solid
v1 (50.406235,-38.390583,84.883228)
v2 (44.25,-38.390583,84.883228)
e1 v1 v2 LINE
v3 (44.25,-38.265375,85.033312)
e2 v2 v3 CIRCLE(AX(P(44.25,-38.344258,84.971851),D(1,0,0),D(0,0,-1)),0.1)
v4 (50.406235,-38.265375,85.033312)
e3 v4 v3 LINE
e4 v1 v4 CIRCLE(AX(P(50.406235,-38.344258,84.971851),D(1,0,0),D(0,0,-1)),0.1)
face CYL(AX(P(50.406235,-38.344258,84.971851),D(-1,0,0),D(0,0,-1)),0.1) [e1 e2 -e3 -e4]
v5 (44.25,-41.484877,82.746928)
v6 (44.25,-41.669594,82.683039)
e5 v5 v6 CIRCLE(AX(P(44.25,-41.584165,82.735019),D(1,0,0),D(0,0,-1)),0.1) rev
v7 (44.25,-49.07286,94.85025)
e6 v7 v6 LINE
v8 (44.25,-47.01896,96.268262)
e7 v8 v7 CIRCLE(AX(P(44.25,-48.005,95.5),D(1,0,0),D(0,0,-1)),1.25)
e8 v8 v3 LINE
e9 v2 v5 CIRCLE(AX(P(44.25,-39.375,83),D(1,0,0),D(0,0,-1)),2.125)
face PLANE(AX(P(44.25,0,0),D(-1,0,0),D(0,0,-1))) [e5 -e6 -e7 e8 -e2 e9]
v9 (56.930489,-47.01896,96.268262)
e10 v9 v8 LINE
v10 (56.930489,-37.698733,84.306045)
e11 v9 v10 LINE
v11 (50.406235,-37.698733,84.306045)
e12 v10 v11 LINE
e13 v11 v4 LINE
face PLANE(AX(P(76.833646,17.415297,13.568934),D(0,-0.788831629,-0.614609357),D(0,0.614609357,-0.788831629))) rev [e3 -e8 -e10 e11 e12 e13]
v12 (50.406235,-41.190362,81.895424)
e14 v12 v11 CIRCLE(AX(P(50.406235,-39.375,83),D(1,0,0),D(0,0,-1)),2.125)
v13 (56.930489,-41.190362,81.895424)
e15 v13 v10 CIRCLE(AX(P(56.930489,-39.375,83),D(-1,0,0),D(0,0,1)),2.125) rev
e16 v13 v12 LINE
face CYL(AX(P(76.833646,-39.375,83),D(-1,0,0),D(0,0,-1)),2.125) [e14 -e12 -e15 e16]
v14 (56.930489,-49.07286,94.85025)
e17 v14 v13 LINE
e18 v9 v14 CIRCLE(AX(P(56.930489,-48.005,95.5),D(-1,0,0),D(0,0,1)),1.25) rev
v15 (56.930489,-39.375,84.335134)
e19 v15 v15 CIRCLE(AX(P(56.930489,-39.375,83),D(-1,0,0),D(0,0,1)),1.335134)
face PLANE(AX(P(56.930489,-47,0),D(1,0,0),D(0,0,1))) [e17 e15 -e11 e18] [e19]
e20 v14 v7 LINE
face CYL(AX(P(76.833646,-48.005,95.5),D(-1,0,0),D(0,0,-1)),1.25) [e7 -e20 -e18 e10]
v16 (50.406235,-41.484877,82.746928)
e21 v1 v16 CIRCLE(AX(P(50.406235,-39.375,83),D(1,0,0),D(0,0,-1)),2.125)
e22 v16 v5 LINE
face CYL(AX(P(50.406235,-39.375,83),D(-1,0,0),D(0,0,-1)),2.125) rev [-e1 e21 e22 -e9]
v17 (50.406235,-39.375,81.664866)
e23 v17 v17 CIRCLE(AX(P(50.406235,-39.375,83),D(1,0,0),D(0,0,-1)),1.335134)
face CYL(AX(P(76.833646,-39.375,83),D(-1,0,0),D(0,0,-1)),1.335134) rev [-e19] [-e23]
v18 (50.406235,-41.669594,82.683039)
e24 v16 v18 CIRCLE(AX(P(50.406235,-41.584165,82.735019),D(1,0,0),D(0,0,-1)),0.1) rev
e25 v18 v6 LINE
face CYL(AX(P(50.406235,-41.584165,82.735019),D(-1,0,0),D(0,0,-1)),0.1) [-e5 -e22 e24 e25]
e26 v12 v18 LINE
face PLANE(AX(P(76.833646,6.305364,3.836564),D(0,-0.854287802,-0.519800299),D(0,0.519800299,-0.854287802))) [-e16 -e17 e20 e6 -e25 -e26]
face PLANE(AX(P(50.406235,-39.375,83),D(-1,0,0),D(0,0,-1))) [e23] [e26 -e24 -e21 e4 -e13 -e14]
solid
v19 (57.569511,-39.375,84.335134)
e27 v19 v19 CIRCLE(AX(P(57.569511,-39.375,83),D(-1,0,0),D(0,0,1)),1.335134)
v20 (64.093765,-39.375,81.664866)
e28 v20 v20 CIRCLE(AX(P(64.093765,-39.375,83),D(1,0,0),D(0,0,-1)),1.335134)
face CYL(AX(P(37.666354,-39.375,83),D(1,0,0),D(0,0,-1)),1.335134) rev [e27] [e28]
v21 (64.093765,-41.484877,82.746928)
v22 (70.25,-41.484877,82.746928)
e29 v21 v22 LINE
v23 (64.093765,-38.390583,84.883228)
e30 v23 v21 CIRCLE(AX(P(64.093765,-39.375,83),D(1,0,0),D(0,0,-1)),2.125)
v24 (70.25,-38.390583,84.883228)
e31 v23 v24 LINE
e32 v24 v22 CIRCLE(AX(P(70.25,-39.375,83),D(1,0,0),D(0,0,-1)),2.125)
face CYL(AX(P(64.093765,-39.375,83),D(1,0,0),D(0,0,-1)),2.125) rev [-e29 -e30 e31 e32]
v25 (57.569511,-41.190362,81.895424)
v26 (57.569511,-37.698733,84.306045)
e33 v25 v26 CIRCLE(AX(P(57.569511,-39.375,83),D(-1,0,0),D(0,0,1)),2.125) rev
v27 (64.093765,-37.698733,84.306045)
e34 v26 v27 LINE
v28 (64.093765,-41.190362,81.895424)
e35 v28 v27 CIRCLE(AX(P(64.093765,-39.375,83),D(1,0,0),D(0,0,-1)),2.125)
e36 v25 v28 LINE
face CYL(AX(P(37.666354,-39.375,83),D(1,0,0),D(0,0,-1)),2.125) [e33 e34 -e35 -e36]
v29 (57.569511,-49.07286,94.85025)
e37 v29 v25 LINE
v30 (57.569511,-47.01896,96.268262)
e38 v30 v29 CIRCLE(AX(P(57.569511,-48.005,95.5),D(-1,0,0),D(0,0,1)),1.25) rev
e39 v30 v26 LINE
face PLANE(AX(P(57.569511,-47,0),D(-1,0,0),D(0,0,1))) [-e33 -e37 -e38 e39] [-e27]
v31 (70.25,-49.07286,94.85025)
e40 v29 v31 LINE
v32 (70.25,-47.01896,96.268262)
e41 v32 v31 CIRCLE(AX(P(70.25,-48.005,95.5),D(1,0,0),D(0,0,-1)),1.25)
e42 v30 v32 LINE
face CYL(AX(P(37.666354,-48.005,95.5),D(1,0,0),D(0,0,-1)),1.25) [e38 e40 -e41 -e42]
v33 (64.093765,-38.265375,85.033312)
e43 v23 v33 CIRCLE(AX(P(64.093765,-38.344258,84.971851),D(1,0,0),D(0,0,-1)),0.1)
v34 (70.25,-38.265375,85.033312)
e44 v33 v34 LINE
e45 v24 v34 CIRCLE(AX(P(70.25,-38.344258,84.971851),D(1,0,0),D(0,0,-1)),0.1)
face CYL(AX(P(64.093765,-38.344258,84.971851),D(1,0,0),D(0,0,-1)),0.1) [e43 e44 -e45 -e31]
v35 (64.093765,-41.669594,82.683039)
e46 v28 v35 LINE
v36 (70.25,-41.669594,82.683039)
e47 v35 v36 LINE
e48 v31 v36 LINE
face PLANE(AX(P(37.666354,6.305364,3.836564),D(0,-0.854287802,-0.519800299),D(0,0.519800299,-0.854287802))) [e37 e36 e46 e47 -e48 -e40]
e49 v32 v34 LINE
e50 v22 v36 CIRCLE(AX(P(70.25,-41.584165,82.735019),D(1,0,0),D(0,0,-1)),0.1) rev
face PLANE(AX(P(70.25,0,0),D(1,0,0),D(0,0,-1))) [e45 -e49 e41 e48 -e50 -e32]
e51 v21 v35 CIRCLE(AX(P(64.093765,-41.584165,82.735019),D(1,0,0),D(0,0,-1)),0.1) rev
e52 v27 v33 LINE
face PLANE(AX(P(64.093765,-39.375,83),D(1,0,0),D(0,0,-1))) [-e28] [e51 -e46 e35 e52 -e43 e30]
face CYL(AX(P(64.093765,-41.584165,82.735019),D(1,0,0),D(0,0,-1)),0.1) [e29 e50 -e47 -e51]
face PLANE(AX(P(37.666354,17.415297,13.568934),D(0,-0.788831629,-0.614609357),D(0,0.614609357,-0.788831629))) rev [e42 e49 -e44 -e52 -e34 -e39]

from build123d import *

# Parameters (mm, degrees)
SKETCH_1_R               = 1.335133797
SKETCH_1_R_2             = 1.25
EXTRUDE_1_DEPTH          = 12.680489019
SKETCH_2_R               = 2.125
SKETCH_2_R_2             = 1.335133797
CUT_EXTRUDE_1_DEPTH      = 6.156235
CUT_EXTRUDE_5_DEPTH      = 110.304219163
CUT_EXTRUDE_5_DEPTH_BACK = 6.156235


with BuildPart() as part:
    # 草图1 → 凸台-拉伸1 (new body)
    # profile 1 of 4: a face of its own
    with BuildSketch(Plane(origin=(70.25, 0, 0), x_dir=(0, 0, -1), z_dir=(1, 0, 0))):
        with BuildLine():
            ThreePointArc((-83.320828703, -41.475641317), (-82.582973687, -41.458678011), (-81.895424365, -41.19036158))
            ThreePointArc((-81.895424365, -41.19036158), (-81.147589648, -40.416249676), (-80.875, -39.375))
            ThreePointArc((-80.875, -39.375), (-81.49739809, -37.87239809), (-83, -37.25))
            ThreePointArc((-83, -37.25), (-83.690491555, -37.365311862), (-84.306044883, -37.698732789))
            ThreePointArc((-84.306044883, -37.698732789), (-85.056195254, -39.911363753), (-83.320828703, -41.475641317))
        make_face()
        with Locations((-83, -39.375)):
            Circle(SKETCH_1_R, mode=Mode.SUBTRACT)
    # profile 2 of 4: a face of its own
    with BuildSketch(Plane(origin=(70.25, 0, 0), x_dir=(0, 0, -1), z_dir=(1, 0, 0))):
        with BuildLine():
            ThreePointArc((-94.25, -48.005), (-94.410346852, -48.617499809), (-94.850249627, -49.072859753))
            Line((-94.850249627, -49.072859753), (-82.556206377, -41.592421268))
            Line((-82.556206377, -41.592421268), (-83.320828703, -41.475641317))
            ThreePointArc((-83.320828703, -41.475641317), (-85.056195254, -39.911363753), (-84.306044883, -37.698732789))
            Line((-84.306044883, -37.698732789), (-96.268261696, -47.018960464))
            ThreePointArc((-96.268261696, -47.018960464), (-94.951286559, -46.881873311), (-94.25, -48.005))
        make_face()
    # profile 3 of 4: a face of its own
    with BuildSketch(Plane(origin=(70.25, 0, 0), x_dir=(0, 0, -1), z_dir=(1, 0, 0))):
        with Locations((-95.5, -48.005)):
            Circle(SKETCH_1_R_2)
    # profile 4 of 4: a face of its own
    with BuildSketch(Plane(origin=(70.25, 0, 0), x_dir=(0, 0, -1), z_dir=(1, 0, 0))):
        with BuildLine():
            Line((-83.320828703, -41.475641317), (-82.556206377, -41.592421268))
            Line((-82.556206377, -41.592421268), (-81.895424365, -41.19036158))
            ThreePointArc((-81.895424365, -41.19036158), (-82.582973687, -41.458678011), (-83.320828703, -41.475641317))
        make_face()
    extrude(amount=-EXTRUDE_1_DEPTH)

    # 草图2 → 切除-拉伸1 (cut)
    with BuildSketch(Plane(origin=(70.25, 0, 0), x_dir=(0, 0, -1), z_dir=(1, 0, 0))):
        with Locations((-83, -39.375)):
            Circle(SKETCH_2_R)
        with Locations((-83, -39.375)):
            Circle(SKETCH_2_R_2, mode=Mode.SUBTRACT)
    extrude(amount=-CUT_EXTRUDE_1_DEPTH, mode=Mode.SUBTRACT)

    # 草图3 → 切除-拉伸5 (cut, two sides: drawn at the far end of the back side and taken through both)
    with BuildSketch(Plane(origin=(70.25, 0, 0), x_dir=(0, 0, -1), z_dir=(1, 0, 0)).offset(-CUT_EXTRUDE_5_DEPTH_BACK)):
        with BuildLine():
            Line((-84.067543243, -37.446744777), (-85.737782144, -37.446744777))
            Line((-85.737782144, -37.446744777), (-85.737782144, -38.573168545))
            Line((-85.737782144, -38.573168545), (-85.428355461, -38.573168545))
            Line((-85.428355461, -38.573168545), (-85.03331171, -38.265374617))
            Line((-85.03331171, -38.265374617), (-84.306044883, -37.698732789))
            ThreePointArc((-84.306044883, -37.698732789), (-84.631726105, -38.013715709), (-84.883228268, -38.390583273))
            ThreePointArc((-84.883228268, -38.390583273), (-84.927734779, -38.480872703), (-84.967915475, -38.573168545))
            Line((-84.967915475, -38.573168545), (-84.067543243, -38.573168545))
            Line((-84.067543243, -38.573168545), (-84.067543243, -37.446744777))
        make_face()
        with BuildLine():
            Line((-84.306044883, -37.698732789), (-85.03331171, -38.265374617))
            ThreePointArc((-85.03331171, -38.265374617), (-84.907790337, -38.267470669), (-84.883228268, -38.390583273))
            ThreePointArc((-84.883228268, -38.390583273), (-84.631726105, -38.013715709), (-84.306044883, -37.698732789))
        make_face()
        with BuildLine():
            Line((-83.072778558, -40.826749326), (-83.072778558, -41.498753348))
            ThreePointArc((-83.072778558, -41.498753348), (-82.909586711, -41.498075702), (-82.746928098, -41.484876682))
            ThreePointArc((-82.746928098, -41.484876682), (-82.305387522, -41.383267538), (-81.895424365, -41.19036158))
            Line((-81.895424365, -41.19036158), (-82.683038802, -41.669593777))
            Line((-82.683038802, -41.669593777), (-83.072778558, -41.906734984))
            Line((-83.072778558, -41.906734984), (-83.072778558, -42.126751075))
            Line((-83.072778558, -42.126751075), (-81.512776459, -42.126751075))
            Line((-81.512776459, -42.126751075), (-81.512776459, -40.826749326))
            Line((-81.512776459, -40.826749326), (-83.072778558, -40.826749326))
        make_face()
        with BuildLine():
            ThreePointArc((-81.895424365, -41.19036158), (-82.305387522, -41.383267538), (-82.746928098, -41.484876682))
            ThreePointArc((-82.746928098, -41.484876682), (-82.640512125, -41.55147735), (-82.683038802, -41.669593777))
            Line((-82.683038802, -41.669593777), (-81.895424365, -41.19036158))
        make_face()
    extrude(amount=CUT_EXTRUDE_5_DEPTH + CUT_EXTRUDE_5_DEPTH_BACK, mode=Mode.SUBTRACT)


with BuildPart() as body_2:
    # 镜向3: mirrored copy
    add(part.part.mirror(Plane(origin=(57.25, 0, 0), x_dir=(0, 0, 1), z_dir=(1, 0, 0))))


solid = Compound([part.part, body_2.part])
